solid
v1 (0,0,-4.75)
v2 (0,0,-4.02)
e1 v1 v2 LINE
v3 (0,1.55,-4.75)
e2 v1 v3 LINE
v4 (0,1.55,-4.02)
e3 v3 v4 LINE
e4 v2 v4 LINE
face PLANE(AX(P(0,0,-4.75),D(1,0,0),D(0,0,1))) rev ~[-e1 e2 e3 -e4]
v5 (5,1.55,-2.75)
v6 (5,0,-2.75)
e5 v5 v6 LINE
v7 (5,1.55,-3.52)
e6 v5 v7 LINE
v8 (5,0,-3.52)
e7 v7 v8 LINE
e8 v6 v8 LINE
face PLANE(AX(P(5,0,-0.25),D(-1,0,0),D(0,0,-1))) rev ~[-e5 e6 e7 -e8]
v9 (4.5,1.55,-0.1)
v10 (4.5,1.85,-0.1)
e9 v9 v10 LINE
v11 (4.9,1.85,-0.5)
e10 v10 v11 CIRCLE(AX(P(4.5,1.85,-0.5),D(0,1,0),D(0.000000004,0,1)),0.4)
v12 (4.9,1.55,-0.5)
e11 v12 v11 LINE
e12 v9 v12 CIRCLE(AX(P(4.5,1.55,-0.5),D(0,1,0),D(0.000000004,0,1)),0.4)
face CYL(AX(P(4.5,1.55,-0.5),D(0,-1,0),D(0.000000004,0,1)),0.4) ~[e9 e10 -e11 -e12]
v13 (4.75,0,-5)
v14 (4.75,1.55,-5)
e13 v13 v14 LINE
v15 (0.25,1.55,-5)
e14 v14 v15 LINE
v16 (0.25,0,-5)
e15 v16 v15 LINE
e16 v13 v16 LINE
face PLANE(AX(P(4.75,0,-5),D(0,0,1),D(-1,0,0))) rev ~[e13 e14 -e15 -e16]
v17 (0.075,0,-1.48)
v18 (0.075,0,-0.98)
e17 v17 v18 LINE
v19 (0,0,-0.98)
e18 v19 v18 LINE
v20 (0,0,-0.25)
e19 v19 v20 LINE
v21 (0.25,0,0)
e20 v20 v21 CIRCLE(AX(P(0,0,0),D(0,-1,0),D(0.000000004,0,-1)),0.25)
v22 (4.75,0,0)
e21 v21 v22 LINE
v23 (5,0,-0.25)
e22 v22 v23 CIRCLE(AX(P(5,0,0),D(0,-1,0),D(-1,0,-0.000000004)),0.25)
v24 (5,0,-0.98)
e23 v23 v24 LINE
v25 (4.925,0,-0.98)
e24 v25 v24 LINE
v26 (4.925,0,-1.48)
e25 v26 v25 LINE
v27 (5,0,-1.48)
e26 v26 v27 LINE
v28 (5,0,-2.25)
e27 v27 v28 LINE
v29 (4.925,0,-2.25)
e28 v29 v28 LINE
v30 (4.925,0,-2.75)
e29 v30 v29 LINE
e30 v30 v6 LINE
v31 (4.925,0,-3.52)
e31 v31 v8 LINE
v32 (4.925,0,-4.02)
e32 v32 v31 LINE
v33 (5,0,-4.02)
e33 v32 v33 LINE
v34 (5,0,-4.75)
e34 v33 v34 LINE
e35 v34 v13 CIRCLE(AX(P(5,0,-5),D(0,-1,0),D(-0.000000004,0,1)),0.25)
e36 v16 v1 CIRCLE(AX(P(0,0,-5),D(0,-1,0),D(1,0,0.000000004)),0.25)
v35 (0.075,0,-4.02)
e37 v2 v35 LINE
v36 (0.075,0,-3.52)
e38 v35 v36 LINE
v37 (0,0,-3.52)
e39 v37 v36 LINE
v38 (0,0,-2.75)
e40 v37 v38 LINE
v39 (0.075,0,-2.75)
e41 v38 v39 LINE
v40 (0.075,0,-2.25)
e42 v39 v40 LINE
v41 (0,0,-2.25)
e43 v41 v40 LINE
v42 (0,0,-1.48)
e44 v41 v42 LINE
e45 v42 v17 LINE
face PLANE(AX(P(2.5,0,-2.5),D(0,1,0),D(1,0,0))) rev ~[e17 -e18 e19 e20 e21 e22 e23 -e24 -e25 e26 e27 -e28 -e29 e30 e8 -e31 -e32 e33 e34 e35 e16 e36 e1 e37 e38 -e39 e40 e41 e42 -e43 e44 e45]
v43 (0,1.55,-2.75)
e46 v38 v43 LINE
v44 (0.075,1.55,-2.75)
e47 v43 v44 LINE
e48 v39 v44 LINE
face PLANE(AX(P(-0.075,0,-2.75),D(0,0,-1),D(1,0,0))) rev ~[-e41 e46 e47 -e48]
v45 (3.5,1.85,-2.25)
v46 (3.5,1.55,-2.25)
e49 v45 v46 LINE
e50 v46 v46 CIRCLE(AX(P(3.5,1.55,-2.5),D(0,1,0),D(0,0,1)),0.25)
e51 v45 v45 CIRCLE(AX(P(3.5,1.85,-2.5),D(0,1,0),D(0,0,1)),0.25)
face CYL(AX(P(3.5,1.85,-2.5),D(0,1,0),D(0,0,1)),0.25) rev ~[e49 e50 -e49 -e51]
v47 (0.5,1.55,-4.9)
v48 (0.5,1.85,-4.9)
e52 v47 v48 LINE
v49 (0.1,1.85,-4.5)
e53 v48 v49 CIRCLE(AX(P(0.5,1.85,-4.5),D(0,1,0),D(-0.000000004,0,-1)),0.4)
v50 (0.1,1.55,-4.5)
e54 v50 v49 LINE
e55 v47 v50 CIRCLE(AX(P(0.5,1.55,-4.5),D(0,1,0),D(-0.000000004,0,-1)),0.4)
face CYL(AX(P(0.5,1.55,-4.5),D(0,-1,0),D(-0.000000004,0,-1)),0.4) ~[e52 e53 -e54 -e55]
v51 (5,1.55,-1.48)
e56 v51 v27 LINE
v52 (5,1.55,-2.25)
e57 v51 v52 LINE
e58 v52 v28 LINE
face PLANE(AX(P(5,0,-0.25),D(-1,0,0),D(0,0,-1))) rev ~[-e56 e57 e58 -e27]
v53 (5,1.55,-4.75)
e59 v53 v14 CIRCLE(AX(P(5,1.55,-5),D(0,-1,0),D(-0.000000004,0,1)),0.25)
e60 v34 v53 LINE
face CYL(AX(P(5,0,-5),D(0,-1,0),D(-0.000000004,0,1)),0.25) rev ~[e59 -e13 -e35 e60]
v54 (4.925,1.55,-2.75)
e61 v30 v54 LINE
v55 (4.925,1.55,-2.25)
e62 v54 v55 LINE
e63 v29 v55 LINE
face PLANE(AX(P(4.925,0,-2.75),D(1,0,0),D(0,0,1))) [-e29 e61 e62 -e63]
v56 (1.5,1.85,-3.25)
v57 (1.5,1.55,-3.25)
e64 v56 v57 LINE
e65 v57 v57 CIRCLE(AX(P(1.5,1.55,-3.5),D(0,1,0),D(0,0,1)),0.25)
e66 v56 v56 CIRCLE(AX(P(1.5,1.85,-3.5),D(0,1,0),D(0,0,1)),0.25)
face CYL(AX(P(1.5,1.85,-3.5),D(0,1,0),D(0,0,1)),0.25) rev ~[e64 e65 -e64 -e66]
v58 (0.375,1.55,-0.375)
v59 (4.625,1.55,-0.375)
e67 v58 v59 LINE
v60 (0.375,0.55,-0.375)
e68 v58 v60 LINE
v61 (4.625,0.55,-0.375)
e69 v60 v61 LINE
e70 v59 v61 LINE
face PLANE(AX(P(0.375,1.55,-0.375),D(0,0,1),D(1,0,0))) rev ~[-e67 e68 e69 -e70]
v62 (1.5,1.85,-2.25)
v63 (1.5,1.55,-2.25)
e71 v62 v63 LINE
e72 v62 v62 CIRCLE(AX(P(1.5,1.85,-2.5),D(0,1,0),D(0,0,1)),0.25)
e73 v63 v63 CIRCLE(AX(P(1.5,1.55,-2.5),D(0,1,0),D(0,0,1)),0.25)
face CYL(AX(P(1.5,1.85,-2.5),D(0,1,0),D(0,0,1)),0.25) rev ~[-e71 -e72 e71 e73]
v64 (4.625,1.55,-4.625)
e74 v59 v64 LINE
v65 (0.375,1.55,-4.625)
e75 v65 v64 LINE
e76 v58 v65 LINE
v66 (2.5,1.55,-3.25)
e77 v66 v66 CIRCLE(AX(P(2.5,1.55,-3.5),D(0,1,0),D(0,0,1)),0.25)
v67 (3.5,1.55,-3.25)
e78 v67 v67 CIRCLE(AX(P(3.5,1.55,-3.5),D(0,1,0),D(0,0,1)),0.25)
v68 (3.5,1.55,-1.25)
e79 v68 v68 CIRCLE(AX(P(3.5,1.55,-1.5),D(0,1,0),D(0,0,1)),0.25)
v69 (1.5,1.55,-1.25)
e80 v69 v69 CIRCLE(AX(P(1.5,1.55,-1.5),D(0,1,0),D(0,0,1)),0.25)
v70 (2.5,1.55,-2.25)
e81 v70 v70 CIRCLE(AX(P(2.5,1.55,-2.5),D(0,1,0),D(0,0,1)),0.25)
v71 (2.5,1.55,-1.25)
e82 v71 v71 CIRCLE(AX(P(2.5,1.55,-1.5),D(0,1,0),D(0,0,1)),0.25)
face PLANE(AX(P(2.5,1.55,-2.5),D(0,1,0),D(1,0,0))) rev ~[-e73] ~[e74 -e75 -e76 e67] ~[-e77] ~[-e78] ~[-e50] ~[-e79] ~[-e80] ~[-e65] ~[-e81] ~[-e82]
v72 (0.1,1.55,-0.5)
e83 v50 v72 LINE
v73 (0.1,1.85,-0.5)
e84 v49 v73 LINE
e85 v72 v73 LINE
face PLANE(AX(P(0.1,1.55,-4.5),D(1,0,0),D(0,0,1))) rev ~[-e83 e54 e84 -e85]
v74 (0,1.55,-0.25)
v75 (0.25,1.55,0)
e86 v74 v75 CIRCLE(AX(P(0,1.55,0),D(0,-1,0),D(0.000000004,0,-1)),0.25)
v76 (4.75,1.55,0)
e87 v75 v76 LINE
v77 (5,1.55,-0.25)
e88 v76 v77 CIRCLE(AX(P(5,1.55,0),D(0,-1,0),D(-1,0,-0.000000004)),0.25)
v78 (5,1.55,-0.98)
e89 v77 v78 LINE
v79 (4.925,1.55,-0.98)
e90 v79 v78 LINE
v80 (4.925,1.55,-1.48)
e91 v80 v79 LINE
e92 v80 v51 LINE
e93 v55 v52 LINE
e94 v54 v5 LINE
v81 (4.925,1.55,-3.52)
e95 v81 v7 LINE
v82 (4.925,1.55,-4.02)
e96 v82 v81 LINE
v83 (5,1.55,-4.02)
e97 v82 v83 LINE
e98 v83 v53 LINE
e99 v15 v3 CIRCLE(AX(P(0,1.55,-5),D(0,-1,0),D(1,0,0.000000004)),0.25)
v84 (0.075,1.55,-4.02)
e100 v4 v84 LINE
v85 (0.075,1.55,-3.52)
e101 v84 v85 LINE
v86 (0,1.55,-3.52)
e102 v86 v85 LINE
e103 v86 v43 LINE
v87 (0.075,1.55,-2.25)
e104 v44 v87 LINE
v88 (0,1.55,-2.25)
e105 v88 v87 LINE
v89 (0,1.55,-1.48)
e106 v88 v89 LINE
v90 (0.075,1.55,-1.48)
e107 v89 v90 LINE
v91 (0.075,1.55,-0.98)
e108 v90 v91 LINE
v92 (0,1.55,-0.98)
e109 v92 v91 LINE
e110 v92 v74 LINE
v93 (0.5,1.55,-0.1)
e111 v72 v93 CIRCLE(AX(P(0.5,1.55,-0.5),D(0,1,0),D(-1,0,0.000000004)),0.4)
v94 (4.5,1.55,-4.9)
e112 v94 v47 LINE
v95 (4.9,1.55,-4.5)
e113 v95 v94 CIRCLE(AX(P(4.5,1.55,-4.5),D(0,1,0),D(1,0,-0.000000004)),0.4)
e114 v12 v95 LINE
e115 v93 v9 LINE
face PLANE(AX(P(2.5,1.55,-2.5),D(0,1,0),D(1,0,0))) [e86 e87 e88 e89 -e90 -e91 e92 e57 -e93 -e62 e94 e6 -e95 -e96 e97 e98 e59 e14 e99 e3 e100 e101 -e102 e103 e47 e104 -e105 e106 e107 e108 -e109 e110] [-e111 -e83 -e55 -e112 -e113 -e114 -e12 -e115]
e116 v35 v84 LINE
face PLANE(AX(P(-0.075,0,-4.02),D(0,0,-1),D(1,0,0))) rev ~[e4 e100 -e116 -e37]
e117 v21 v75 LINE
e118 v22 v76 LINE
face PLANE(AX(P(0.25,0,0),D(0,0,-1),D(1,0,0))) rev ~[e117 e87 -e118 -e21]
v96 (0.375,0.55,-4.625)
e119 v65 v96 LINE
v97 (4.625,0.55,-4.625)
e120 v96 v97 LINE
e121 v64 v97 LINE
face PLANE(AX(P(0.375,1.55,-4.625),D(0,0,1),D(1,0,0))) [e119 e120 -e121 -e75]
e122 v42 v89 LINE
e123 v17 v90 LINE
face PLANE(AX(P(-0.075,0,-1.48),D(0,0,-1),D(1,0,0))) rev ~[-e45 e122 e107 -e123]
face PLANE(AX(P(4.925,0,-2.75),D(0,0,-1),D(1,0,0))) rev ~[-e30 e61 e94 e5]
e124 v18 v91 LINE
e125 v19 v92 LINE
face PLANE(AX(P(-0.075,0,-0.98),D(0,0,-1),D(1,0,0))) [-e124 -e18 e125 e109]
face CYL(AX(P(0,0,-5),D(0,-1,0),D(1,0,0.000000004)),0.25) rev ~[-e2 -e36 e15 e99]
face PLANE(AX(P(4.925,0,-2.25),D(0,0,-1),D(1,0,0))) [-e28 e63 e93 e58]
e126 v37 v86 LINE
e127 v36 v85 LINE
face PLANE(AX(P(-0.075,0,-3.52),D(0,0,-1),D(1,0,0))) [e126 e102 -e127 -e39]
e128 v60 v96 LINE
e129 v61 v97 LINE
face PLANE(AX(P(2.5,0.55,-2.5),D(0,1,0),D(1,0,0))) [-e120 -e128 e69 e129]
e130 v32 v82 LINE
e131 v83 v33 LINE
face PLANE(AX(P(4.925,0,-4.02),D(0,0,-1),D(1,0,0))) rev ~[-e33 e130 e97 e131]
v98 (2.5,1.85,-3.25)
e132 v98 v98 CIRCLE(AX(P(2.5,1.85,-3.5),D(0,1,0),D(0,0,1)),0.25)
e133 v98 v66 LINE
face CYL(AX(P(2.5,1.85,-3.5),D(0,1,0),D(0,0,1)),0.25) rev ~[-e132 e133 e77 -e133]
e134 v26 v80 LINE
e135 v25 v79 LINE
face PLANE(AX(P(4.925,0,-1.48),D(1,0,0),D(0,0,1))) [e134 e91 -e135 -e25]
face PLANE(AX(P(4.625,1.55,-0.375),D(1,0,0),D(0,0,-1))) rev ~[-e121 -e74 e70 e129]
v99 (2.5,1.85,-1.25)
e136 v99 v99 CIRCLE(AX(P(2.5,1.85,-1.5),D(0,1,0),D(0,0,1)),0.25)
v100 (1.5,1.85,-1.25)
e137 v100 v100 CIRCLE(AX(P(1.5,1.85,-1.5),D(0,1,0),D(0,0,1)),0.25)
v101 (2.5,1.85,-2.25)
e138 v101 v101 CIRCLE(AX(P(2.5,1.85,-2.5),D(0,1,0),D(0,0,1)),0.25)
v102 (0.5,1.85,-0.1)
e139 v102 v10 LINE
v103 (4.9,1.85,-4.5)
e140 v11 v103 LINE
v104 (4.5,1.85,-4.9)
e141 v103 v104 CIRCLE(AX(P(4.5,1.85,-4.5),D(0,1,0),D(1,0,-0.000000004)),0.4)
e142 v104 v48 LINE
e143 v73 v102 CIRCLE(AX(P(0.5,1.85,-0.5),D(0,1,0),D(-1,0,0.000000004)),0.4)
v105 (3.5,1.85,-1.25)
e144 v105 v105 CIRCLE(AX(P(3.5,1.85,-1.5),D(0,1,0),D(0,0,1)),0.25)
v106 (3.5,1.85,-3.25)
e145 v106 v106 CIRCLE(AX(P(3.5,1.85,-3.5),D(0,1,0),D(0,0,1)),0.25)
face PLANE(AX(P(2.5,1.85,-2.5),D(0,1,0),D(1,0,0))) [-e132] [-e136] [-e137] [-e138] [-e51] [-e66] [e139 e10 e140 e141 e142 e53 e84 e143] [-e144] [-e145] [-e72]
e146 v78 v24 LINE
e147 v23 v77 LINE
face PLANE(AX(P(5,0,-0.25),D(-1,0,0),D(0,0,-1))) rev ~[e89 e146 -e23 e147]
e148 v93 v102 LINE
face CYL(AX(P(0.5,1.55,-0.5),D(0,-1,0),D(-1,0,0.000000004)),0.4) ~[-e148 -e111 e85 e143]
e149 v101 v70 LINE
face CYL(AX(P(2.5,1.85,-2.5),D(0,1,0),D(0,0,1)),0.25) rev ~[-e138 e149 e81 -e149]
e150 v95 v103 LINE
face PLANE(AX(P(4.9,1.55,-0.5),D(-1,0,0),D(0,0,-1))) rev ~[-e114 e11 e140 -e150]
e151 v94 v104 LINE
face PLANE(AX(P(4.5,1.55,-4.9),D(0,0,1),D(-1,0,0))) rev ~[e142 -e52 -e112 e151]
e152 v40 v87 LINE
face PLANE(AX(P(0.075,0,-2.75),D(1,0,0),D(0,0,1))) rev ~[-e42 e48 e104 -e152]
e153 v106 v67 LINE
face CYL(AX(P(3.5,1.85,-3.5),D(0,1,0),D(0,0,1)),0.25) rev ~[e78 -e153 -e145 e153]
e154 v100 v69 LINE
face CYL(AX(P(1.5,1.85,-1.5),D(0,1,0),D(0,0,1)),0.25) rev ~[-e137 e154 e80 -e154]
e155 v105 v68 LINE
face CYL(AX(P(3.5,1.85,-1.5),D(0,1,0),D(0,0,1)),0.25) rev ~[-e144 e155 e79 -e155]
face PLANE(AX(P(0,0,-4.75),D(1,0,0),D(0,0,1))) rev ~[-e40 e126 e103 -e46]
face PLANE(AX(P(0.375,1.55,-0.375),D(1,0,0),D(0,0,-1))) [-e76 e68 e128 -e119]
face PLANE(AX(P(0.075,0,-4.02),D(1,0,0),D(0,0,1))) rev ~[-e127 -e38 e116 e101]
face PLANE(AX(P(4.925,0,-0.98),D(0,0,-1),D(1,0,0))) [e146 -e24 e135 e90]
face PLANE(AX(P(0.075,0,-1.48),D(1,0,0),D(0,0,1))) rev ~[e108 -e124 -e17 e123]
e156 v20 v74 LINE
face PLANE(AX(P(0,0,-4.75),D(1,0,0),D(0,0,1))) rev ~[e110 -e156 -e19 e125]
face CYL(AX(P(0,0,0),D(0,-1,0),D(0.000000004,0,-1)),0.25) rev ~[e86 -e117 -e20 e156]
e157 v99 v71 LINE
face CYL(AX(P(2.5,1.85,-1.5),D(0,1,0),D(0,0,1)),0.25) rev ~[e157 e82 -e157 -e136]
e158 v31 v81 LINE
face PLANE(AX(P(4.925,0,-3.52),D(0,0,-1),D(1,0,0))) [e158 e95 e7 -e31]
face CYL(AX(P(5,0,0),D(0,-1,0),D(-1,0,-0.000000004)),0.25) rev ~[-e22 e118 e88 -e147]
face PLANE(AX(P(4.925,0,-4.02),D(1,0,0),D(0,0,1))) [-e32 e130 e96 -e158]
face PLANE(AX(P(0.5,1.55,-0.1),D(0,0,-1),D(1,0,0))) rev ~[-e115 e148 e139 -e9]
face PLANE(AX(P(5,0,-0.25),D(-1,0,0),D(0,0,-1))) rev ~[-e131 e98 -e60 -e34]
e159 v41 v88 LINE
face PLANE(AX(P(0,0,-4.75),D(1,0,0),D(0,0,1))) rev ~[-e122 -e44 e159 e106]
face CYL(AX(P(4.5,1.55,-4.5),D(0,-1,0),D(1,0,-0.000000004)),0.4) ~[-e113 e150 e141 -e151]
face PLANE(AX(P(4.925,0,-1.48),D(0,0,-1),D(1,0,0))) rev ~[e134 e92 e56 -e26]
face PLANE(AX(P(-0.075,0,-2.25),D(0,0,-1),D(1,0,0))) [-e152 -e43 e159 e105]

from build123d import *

# Parameters (mm, degrees)
BOSS_EXTRUDE1_DEPTH = 1.55
BOSS_EXTRUDE2_DEPTH = 0.3
SKETCH4_W           = 0.15
SKETCH4_H           = 0.5
CUT_EXTRUDE1_DEPTH  = 1.55
SKETCH5_W           = 4.25
SKETCH5_H           = 4.25
CUT_EXTRUDE2_DEPTH  = 1
CUT_EXTRUDE3_REACH  = 9.309
SKETCH6_R           = 0.25


with BuildPart() as part:
    # Sketch1 → Boss-Extrude1 (new body)
    with BuildSketch(Plane(origin=(0, 0, 0), x_dir=(1, 0, 0), z_dir=(0, 1, 0))):
        with BuildLine():
            ThreePointArc((0, 0.25), (0.176776695, 0.176776695), (0.25, 0))
            Line((0.25, 0), (4.75, 0))
            ThreePointArc((4.75, 0), (4.823223305, 0.176776695), (5, 0.25))
            Line((5, 0.25), (5, 4.75))
            ThreePointArc((5, 4.75), (4.823223305, 4.823223305), (4.75, 5))
            Line((4.75, 5), (0.25, 5))
            ThreePointArc((0.25, 5), (0.176776695, 4.823223305), (0, 4.75))
            Line((0, 4.75), (0, 0.25))
        make_face()
    extrude(amount=BOSS_EXTRUDE1_DEPTH)

    # Sketch2 → Boss-Extrude2 (add)
    with BuildSketch(Plane(origin=(0, 1.55, 0), x_dir=(1, 0, 0), z_dir=(0, 1, 0))):
        with BuildLine():
            Line((0.5, 0.1), (4.5, 0.1))
            ThreePointArc((4.5, 0.1), (4.782842712, 0.217157288), (4.9, 0.5))
            Line((4.9, 0.5), (4.9, 4.5))
            ThreePointArc((4.9, 4.5), (4.782842712, 4.782842712), (4.5, 4.9))
            Line((4.5, 4.9), (0.5, 4.9))
            ThreePointArc((0.5, 4.9), (0.217157288, 4.782842712), (0.1, 4.5))
            Line((0.1, 4.5), (0.1, 0.5))
            ThreePointArc((0.1, 0.5), (0.217157288, 0.217157288), (0.5, 0.1))
        make_face()
    extrude(amount=BOSS_EXTRUDE2_DEPTH)

    # Sketch4 → Cut-Extrude1 (cut)
    with BuildSketch(Plane.XZ):
        with Locations((0, -2.5)):
            Rectangle(SKETCH4_W, SKETCH4_H)
        with Locations((5, -1.23)):
            Rectangle(SKETCH4_W, SKETCH4_H)
        with Locations((0, -1.23)):
            Rectangle(SKETCH4_W, SKETCH4_H)
        with Locations((0, -3.77)):
            Rectangle(SKETCH4_W, SKETCH4_H)
        with Locations((5, -2.5)):
            Rectangle(SKETCH4_W, SKETCH4_H)
        with Locations((5, -3.77)):
            Rectangle(SKETCH4_W, SKETCH4_H)
    extrude(amount=-CUT_EXTRUDE1_DEPTH, mode=Mode.SUBTRACT)

    # Sketch5 → Cut-Extrude2 (cut)
    with BuildSketch(Plane(origin=(0, 1.55, 0), x_dir=(1, 0, 0), z_dir=(0, 1, 0))):
        with Locations((2.5, 2.5)):
            Rectangle(SKETCH5_W, SKETCH5_H)
    extrude(amount=-CUT_EXTRUDE2_DEPTH, mode=Mode.SUBTRACT)

    # Sketch6 → Cut-Extrude3 (cut, up to next)
    with BuildSketch(Plane(origin=(0, 1.85, 0), x_dir=(1, 0, 0), z_dir=(0, 1, 0)), mode=Mode.PRIVATE) as cut_extrude3_sk1:
        with Locations(Location((2.5, 2.5, 0), (0, 0, 270))):
            Circle(SKETCH6_R)
    cut_extrude3_tool1 = extrude(cut_extrude3_sk1.sketch, amount=-CUT_EXTRUDE3_REACH, mode=Mode.PRIVATE) & part.part
    # Sketch6 → Cut-Extrude3 (cut, up to next)
    with BuildSketch(Plane(origin=(0, 1.85, 0), x_dir=(1, 0, 0), z_dir=(0, 1, 0)), mode=Mode.PRIVATE) as cut_extrude3_sk2:
        with Locations(Location((2.5, 1.5, 0), (0, 0, 270))):
            Circle(SKETCH6_R)
    cut_extrude3_tool2 = extrude(cut_extrude3_sk2.sketch, amount=-CUT_EXTRUDE3_REACH, mode=Mode.PRIVATE) & part.part
    # Sketch6 → Cut-Extrude3 (cut, up to next)
    with BuildSketch(Plane(origin=(0, 1.85, 0), x_dir=(1, 0, 0), z_dir=(0, 1, 0)), mode=Mode.PRIVATE) as cut_extrude3_sk3:
        with Locations(Location((2.5, 3.5, 0), (0, 0, 270))):
            Circle(SKETCH6_R)
    cut_extrude3_tool3 = extrude(cut_extrude3_sk3.sketch, amount=-CUT_EXTRUDE3_REACH, mode=Mode.PRIVATE) & part.part
    # Sketch6 → Cut-Extrude3 (cut, up to next)
    with BuildSketch(Plane(origin=(0, 1.85, 0), x_dir=(1, 0, 0), z_dir=(0, 1, 0)), mode=Mode.PRIVATE) as cut_extrude3_sk4:
        with Locations(Location((3.5, 1.5, 0), (0, 0, 270))):
            Circle(SKETCH6_R)
    cut_extrude3_tool4 = extrude(cut_extrude3_sk4.sketch, amount=-CUT_EXTRUDE3_REACH, mode=Mode.PRIVATE) & part.part
    # Sketch6 → Cut-Extrude3 (cut, up to next)
    with BuildSketch(Plane(origin=(0, 1.85, 0), x_dir=(1, 0, 0), z_dir=(0, 1, 0)), mode=Mode.PRIVATE) as cut_extrude3_sk5:
        with Locations(Location((3.5, 2.5, 0), (0, 0, 270))):
            Circle(SKETCH6_R)
    cut_extrude3_tool5 = extrude(cut_extrude3_sk5.sketch, amount=-CUT_EXTRUDE3_REACH, mode=Mode.PRIVATE) & part.part
    # Sketch6 → Cut-Extrude3 (cut, up to next)
    with BuildSketch(Plane(origin=(0, 1.85, 0), x_dir=(1, 0, 0), z_dir=(0, 1, 0)), mode=Mode.PRIVATE) as cut_extrude3_sk6:
        with Locations(Location((3.5, 3.5, 0), (0, 0, 270))):
            Circle(SKETCH6_R)
    cut_extrude3_tool6 = extrude(cut_extrude3_sk6.sketch, amount=-CUT_EXTRUDE3_REACH, mode=Mode.PRIVATE) & part.part
    # Sketch6 → Cut-Extrude3 (cut, up to next)
    with BuildSketch(Plane(origin=(0, 1.85, 0), x_dir=(1, 0, 0), z_dir=(0, 1, 0)), mode=Mode.PRIVATE) as cut_extrude3_sk7:
        with Locations(Location((1.5, 2.5, 0), (0, 0, 270))):
            Circle(SKETCH6_R)
    cut_extrude3_tool7 = extrude(cut_extrude3_sk7.sketch, amount=-CUT_EXTRUDE3_REACH, mode=Mode.PRIVATE) & part.part
    # Sketch6 → Cut-Extrude3 (cut, up to next)
    with BuildSketch(Plane(origin=(0, 1.85, 0), x_dir=(1, 0, 0), z_dir=(0, 1, 0)), mode=Mode.PRIVATE) as cut_extrude3_sk8:
        with Locations(Location((1.5, 3.5, 0), (0, 0, 270))):
            Circle(SKETCH6_R)
    cut_extrude3_tool8 = extrude(cut_extrude3_sk8.sketch, amount=-CUT_EXTRUDE3_REACH, mode=Mode.PRIVATE) & part.part
    # Sketch6 → Cut-Extrude3 (cut, up to next)
    with BuildSketch(Plane(origin=(0, 1.85, 0), x_dir=(1, 0, 0), z_dir=(0, 1, 0)), mode=Mode.PRIVATE) as cut_extrude3_sk9:
        with Locations(Location((1.5, 1.5, 0), (0, 0, 270))):
            Circle(SKETCH6_R)
    cut_extrude3_tool9 = extrude(cut_extrude3_sk9.sketch, amount=-CUT_EXTRUDE3_REACH, mode=Mode.PRIVATE) & part.part
    add(cut_extrude3_tool1.solids().sort_by_distance((2.5, 1.85, -2.5))[0], mode=Mode.SUBTRACT)
    add(cut_extrude3_tool2.solids().sort_by_distance((2.5, 1.85, -1.5))[0], mode=Mode.SUBTRACT)
    add(cut_extrude3_tool3.solids().sort_by_distance((2.5, 1.85, -3.5))[0], mode=Mode.SUBTRACT)
    add(cut_extrude3_tool4.solids().sort_by_distance((3.5, 1.85, -1.5))[0], mode=Mode.SUBTRACT)
    add(cut_extrude3_tool5.solids().sort_by_distance((3.5, 1.85, -2.5))[0], mode=Mode.SUBTRACT)
    add(cut_extrude3_tool6.solids().sort_by_distance((3.5, 1.85, -3.5))[0], mode=Mode.SUBTRACT)
    add(cut_extrude3_tool7.solids().sort_by_distance((1.5, 1.85, -2.5))[0], mode=Mode.SUBTRACT)
    add(cut_extrude3_tool8.solids().sort_by_distance((1.5, 1.85, -3.5))[0], mode=Mode.SUBTRACT)
    add(cut_extrude3_tool9.solids().sort_by_distance((1.5, 1.85, -1.5))[0], mode=Mode.SUBTRACT)


solid = part.part
